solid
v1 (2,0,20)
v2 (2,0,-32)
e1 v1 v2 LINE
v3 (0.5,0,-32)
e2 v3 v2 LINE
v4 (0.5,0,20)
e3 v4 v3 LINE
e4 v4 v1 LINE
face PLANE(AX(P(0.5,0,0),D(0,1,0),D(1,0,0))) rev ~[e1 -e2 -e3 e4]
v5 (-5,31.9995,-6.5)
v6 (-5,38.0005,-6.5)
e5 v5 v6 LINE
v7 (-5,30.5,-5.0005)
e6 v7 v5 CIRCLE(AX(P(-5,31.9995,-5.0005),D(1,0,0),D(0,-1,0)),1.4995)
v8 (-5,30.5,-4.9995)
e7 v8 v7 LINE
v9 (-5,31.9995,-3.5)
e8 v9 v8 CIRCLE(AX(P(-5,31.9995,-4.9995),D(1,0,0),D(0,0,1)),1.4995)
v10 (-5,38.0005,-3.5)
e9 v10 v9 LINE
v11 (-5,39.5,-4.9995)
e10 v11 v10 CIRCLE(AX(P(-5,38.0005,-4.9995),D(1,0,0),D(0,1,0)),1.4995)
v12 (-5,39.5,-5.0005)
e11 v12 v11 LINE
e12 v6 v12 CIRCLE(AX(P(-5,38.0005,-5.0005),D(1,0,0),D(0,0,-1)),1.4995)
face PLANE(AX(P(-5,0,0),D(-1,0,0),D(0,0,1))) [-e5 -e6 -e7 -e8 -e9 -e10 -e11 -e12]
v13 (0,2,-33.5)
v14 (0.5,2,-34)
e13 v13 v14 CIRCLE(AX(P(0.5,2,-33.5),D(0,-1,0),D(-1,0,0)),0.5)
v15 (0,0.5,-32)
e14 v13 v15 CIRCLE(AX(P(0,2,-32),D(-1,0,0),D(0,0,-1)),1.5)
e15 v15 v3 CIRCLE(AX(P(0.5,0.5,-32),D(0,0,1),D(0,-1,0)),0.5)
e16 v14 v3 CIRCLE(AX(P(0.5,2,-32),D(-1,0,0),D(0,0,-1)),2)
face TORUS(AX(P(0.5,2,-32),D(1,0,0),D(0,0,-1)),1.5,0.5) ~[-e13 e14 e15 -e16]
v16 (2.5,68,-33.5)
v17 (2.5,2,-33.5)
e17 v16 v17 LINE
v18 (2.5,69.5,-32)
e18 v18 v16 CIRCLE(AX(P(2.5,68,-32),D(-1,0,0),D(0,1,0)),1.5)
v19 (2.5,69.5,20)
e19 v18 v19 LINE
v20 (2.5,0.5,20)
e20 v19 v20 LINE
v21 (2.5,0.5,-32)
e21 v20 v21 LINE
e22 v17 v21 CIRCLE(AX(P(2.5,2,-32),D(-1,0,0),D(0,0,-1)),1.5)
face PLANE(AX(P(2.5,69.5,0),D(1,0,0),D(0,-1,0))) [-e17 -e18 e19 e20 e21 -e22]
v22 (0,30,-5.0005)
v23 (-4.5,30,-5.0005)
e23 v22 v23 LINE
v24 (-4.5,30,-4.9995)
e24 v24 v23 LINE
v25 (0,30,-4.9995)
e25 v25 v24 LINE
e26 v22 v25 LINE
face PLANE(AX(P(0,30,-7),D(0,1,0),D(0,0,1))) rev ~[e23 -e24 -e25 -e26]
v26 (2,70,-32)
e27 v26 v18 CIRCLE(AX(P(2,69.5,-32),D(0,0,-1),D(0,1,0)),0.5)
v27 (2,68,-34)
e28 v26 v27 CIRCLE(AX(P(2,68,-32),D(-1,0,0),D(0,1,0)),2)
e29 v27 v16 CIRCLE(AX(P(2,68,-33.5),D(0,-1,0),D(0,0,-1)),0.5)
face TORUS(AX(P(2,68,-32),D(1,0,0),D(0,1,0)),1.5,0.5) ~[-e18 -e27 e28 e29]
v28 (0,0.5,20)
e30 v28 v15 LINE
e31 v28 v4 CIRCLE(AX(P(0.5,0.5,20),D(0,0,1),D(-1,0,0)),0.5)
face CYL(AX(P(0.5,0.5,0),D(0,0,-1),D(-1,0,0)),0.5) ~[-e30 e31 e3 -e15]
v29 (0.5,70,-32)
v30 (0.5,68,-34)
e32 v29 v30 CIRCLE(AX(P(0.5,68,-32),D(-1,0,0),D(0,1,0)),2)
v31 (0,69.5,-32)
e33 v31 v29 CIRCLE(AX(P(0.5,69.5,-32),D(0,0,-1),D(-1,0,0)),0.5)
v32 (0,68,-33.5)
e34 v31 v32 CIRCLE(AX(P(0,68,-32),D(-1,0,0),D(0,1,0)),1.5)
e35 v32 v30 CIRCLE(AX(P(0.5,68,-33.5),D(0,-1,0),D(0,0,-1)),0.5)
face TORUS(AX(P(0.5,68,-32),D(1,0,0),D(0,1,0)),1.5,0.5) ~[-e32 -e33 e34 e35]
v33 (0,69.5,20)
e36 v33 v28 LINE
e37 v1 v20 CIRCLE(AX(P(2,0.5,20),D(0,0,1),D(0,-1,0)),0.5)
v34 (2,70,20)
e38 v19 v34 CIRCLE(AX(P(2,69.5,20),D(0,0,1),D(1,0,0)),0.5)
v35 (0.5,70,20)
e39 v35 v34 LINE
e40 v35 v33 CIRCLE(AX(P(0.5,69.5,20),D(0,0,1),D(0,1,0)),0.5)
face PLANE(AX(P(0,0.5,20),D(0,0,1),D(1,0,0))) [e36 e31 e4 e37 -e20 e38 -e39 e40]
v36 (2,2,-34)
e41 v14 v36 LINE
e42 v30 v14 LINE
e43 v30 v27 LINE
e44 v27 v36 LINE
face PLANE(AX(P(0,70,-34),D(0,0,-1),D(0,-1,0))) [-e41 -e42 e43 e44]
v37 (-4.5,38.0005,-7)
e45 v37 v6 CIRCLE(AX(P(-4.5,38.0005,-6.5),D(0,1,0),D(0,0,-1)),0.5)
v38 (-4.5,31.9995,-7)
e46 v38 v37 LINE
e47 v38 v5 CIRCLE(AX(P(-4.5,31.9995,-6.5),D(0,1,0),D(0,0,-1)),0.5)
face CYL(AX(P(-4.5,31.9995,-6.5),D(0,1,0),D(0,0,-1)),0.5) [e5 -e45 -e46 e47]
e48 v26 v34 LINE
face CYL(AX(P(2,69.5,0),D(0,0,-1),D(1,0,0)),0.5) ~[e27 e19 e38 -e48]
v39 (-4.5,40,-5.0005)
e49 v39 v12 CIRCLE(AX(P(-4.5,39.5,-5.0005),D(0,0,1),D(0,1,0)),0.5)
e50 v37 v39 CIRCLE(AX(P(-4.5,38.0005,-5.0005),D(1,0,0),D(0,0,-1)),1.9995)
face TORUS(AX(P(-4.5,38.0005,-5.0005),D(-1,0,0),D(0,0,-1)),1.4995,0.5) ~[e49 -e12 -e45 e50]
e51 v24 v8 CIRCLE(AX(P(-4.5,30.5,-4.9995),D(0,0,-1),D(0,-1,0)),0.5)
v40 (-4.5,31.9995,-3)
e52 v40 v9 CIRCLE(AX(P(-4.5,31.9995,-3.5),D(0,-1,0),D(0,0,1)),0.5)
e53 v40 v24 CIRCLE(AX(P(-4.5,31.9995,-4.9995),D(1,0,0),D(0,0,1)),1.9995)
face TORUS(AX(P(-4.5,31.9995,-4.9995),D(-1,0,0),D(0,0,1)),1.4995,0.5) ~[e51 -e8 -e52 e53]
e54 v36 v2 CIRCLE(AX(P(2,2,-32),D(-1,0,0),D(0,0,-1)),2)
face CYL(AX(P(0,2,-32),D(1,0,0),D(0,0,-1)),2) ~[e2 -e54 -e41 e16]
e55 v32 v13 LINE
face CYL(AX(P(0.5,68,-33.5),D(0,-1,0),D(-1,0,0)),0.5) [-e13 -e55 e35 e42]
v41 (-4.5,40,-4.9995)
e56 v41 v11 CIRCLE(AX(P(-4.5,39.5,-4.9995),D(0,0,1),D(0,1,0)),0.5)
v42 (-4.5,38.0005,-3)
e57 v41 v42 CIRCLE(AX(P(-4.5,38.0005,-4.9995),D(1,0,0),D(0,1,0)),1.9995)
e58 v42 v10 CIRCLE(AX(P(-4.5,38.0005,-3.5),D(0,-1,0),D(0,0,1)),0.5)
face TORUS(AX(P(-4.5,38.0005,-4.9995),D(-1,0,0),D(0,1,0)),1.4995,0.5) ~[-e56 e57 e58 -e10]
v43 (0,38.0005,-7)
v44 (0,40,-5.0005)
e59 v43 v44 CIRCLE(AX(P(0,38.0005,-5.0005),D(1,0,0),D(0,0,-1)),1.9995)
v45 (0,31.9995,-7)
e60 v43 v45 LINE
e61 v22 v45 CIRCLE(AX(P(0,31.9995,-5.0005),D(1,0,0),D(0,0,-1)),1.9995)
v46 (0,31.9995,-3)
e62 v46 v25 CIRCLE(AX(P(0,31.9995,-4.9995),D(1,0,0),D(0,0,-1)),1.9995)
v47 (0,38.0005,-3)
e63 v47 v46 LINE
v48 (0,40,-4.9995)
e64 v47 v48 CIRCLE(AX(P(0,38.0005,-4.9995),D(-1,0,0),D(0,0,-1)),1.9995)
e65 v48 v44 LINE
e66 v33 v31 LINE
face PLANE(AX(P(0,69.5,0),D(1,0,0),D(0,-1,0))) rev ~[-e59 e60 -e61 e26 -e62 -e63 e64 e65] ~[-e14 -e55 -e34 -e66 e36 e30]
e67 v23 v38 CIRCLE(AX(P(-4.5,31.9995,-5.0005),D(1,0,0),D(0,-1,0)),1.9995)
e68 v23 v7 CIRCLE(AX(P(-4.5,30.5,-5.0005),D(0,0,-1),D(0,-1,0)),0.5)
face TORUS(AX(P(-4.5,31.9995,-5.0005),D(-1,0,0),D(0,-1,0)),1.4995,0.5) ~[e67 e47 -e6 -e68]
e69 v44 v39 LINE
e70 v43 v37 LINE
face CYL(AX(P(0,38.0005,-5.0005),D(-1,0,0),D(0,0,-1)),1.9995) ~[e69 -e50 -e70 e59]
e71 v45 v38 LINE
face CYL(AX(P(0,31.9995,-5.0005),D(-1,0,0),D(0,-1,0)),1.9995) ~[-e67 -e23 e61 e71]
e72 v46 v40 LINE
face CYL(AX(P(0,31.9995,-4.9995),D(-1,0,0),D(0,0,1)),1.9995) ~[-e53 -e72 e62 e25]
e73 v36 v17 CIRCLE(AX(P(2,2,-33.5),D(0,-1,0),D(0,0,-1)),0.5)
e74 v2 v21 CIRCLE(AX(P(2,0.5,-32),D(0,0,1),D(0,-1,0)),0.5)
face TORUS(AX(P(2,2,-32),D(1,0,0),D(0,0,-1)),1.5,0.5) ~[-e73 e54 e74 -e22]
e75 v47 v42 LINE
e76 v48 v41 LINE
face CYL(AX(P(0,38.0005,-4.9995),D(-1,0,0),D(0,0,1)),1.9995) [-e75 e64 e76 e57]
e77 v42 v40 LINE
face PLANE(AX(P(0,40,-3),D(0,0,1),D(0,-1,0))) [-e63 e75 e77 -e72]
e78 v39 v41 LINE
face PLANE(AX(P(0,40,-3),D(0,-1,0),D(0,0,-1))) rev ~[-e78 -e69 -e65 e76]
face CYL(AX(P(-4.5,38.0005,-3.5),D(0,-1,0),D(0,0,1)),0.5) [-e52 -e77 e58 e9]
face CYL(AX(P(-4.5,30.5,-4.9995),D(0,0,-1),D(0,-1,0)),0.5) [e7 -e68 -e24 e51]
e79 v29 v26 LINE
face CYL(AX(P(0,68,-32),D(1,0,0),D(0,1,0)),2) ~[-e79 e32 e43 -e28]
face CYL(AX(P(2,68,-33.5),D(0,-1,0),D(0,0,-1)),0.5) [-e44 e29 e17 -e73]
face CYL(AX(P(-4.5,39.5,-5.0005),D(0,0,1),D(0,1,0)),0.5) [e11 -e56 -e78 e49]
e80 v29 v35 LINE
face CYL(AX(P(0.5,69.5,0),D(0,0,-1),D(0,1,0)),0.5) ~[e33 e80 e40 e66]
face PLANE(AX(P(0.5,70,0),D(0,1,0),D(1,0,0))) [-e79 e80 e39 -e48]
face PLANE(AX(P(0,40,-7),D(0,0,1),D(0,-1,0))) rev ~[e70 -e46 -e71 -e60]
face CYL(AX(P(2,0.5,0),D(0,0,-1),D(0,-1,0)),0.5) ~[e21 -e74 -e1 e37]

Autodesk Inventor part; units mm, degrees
ref_plane "YZ Plane" through (0, 0, 0) normal (1, 0, 0) x (0, 1, 0)
ref_plane "XZ Plane" through (0, 0, 0) normal (0, 1, 0) x (-1, 0, 0)
ref_plane "XY Plane" through (0, 0, 0) normal (0, 0, 1) x (1, 0, 0)
sketch "Sketch1" plane through (0, 0, 0) normal (1, 0, 0) x (0, 1, 0)
  line L0 (0, 0) -> (70, 0)
  line L1 (70, 0) -> (70, -34)
  line L2 (70, -34) -> (0, -34)
  line L3 (0, -34) -> (0, 0)
  dimension "d0" = 34
  dimension "d1" = 70
extrude "Extrusion1" add sketch "Sketch1" along normal blind 2.5
fillet "Fillet1" radius 2 2 edges at (1.25, 70, -34) (1.25, 0, -34)
fillet "Fillet2" radius 0.5 10 edges at (2.5, 69.4142, -33.4142) (2.5, 70, -16) (2.5, 0.5858, -33.4142) (2.5, 0, -16) (2.5, 35, -34) (0, 0.5858, -33.4142) (0, 35, -34) (0, 69.4142, -33.4142) (0, 70, -16) (0, 0, -16)
sketch "Sketch2" plane through (0, 0, 0) normal (-1, 0, 0) x (0, 0, 1)
  line L0 (0, 69.5) -> (0, 0.5) projected
  line L1 (7, 40) -> (-7, 40)
  line L2 (-7, 40) -> (-7, 30)
  line L3 (-7, 30) -> (7, 30)
  line L4 (7, 30) -> (7, 40)
  line L5 (0, 69.5) -> (0, 0.5) projected
  line L6 (7, 40) -> (-7, 30) construction
  line L7 (-7, 40) -> (7, 30) construction
  line L8 (-3, 40) -> (-3, 30)
  point P0 (0, 0)
  point P1 (0, 35)
  point P2 (-7, 35)
  point P3 (-3, 35)
  dimension "d6" = 10
  dimension "d7" = 14
  dimension "d8" = 4
extrude "Extrusion2" add sketch "Sketch2" along normal blind 5 contours L8 L3 L2 L1
fillet "Fillet3" radius 2 4 edges at (-2.5, 40, -3) (-2.5, 30, -3) (-2.5, 30, -7) (-2.5, 40, -7)
fillet "Fillet4" radius 0.5 4 edges at (-5, 30.5856, -3.5856) (-5, 35, -3) (-5, 39.4144, -3.5856) (-5, 35, -7)
sketch "Sketch3" plane through (0, 0.5, 0) normal (0, 0, 1) x (1, 0, 0)
  arc A0 (2.5, 69) -> (2, 69.5) centre (2, 69) ccw projected
  arc A1 (0.5, 69.5) -> (0, 69) centre (0.5, 69) ccw projected
  arc A2 (0.5, 69.5) -> (0, 69) centre (0.5, 69) ccw projected
  line L0 (0, 69) -> (0, 0) projected
  arc A3 (0, 0) -> (0.5, -0.5) centre (0.5, 0) ccw projected
  line L1 (0.5, -0.5) -> (2, -0.5) projected
  arc A4 (2, -0.5) -> (2.5, 0) centre (2, 0) ccw projected
  line L2 (2.5, 69) -> (2.5, 0) projected
  arc A5 (2.5, 69) -> (2, 69.5) centre (2, 69) ccw projected
  line L3 (0.5, 69.5) -> (2, 69.5) projected
  point P0 (0, -0.5)
  point P1 (0, 69)
extrude "Extrusion3" add sketch "Sketch3" along normal blind 20
properties part number "tapa de caja de servomotores"
